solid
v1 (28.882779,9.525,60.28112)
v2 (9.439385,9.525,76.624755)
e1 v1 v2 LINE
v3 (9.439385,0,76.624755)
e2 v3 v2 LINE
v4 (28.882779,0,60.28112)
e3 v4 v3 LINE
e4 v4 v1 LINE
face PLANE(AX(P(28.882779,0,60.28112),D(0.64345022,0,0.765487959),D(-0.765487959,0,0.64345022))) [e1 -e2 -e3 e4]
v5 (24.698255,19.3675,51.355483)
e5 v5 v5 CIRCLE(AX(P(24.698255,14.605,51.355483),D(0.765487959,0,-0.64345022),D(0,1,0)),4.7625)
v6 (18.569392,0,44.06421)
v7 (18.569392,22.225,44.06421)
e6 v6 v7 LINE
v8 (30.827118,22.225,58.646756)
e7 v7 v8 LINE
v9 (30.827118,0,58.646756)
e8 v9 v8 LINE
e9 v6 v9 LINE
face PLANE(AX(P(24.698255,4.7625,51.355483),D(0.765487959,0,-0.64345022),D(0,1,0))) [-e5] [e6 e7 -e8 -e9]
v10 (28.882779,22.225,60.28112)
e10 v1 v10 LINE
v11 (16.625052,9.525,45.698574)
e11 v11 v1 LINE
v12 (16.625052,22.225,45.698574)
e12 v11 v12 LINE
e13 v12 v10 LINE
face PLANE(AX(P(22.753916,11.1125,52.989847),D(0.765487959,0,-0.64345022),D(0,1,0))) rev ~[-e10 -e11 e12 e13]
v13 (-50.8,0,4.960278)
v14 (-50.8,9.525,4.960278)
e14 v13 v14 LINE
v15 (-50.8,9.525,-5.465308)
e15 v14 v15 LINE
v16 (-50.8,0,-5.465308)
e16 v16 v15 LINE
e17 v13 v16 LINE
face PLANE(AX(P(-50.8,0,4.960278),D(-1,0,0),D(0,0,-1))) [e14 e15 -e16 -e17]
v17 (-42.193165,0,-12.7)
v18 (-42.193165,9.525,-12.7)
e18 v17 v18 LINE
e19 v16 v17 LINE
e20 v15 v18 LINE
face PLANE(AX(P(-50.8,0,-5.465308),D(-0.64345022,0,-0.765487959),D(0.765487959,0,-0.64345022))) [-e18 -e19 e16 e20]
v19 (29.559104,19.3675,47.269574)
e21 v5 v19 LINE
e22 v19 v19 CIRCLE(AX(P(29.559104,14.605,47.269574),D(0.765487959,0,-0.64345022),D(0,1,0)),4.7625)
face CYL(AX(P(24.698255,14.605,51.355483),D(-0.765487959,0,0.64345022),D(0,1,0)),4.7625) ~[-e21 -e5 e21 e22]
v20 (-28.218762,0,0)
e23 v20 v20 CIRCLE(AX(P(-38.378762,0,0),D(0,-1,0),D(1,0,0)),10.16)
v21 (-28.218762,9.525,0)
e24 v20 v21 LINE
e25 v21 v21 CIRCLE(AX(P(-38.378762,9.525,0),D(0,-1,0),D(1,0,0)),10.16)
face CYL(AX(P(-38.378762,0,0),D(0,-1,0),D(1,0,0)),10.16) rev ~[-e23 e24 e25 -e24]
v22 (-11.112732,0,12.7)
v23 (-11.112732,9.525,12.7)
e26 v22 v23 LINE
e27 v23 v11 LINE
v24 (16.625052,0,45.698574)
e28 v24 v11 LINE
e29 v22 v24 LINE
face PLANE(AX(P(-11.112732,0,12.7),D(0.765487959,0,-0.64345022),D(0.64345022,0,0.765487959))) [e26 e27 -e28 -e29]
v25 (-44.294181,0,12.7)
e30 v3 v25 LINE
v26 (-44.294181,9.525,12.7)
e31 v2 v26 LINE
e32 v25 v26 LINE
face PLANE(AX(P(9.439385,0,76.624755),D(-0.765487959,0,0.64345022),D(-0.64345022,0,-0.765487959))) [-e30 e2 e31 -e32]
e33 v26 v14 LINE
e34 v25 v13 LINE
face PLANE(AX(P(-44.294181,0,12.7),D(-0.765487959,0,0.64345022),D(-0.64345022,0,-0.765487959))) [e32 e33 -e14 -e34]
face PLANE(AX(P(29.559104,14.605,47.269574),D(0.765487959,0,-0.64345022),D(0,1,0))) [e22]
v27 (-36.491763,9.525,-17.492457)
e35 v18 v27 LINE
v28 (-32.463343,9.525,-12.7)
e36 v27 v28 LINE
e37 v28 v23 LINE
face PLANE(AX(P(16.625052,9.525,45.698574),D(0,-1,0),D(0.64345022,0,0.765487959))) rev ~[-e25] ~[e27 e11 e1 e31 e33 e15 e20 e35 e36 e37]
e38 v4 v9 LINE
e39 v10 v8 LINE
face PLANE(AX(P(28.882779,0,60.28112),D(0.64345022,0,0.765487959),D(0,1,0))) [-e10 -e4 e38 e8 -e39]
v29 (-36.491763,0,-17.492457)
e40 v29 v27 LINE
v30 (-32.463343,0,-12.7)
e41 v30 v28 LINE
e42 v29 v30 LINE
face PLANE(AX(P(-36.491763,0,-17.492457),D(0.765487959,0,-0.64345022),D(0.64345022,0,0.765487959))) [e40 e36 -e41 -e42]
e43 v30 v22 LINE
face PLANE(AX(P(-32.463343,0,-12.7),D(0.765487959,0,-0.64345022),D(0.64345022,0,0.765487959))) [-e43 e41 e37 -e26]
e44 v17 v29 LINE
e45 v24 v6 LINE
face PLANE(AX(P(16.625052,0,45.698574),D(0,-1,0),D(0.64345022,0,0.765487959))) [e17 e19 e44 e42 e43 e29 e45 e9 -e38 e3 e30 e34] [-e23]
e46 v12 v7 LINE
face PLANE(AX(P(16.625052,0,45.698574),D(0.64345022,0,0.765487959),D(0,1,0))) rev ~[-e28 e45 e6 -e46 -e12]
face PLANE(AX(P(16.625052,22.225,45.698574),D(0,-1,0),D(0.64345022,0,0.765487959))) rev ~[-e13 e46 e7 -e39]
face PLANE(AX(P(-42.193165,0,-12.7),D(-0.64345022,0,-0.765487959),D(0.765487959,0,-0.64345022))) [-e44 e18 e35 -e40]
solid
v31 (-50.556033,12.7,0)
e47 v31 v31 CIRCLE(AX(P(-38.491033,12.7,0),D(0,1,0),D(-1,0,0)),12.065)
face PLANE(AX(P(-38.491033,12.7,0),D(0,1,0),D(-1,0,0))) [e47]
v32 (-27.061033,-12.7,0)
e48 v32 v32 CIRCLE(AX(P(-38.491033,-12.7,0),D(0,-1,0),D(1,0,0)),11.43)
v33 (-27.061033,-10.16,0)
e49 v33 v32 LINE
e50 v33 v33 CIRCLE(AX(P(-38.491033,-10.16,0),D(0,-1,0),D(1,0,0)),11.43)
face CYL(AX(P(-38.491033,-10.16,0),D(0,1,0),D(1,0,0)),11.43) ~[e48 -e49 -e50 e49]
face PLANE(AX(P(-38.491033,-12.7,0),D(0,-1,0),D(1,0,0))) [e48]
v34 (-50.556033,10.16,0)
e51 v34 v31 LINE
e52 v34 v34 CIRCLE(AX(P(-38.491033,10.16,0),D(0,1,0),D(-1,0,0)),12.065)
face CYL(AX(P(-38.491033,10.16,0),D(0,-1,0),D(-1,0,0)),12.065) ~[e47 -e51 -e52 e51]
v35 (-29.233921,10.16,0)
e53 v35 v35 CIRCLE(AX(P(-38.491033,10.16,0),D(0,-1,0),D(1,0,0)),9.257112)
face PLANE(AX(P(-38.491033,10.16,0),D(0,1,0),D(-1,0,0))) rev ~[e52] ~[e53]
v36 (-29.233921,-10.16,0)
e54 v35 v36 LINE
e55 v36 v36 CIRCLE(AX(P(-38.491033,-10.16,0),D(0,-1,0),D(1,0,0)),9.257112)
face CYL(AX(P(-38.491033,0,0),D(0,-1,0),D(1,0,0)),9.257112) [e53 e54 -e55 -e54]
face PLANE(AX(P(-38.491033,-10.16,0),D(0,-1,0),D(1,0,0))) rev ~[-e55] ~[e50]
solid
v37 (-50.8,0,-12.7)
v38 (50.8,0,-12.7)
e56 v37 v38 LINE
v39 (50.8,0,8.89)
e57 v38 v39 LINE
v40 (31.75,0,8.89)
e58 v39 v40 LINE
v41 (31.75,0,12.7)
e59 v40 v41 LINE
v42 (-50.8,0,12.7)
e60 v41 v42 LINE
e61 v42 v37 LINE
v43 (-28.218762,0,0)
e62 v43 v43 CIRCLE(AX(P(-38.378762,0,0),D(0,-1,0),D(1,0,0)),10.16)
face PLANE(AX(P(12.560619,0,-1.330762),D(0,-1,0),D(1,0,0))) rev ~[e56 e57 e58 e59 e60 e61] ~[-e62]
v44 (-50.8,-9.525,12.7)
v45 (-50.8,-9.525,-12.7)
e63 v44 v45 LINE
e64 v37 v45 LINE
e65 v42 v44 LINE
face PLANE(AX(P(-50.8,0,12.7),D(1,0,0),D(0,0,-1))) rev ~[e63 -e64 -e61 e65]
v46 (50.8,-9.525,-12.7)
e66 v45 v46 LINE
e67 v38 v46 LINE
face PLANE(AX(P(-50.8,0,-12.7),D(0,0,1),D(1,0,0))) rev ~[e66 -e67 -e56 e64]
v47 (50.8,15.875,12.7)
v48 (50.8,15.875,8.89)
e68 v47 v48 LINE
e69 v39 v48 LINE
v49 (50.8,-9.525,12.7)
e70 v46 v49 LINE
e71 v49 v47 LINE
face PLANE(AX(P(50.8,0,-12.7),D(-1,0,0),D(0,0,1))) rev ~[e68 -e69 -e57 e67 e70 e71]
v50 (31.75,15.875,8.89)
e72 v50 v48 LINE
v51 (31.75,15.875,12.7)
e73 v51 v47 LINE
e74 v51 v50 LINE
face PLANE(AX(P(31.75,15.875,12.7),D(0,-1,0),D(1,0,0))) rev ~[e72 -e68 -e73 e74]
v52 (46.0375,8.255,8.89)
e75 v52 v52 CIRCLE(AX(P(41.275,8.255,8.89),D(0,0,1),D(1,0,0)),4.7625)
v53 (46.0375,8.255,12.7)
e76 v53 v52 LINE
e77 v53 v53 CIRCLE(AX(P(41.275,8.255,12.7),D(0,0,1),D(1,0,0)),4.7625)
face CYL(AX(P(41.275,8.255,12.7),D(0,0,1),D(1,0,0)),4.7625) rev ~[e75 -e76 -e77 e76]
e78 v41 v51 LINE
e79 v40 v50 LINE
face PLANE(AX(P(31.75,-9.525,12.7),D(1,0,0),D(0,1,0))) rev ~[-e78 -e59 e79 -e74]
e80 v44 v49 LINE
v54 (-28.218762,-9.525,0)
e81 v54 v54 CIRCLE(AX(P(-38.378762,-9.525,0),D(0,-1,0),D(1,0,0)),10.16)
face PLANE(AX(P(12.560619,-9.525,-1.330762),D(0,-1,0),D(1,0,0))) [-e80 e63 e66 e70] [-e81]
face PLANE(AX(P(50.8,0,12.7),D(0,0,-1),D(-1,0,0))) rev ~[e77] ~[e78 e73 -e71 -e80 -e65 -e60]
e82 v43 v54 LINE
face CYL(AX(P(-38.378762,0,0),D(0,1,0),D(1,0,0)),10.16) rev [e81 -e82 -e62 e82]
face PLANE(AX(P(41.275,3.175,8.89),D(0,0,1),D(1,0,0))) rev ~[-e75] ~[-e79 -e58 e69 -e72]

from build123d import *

# Parameters (mm, degrees)
F0_R      = 10.16
F0_R_2    = 3.4275830425
F1_DEPTH  = 9.525
F2_DEPTH  = 9.525
F3_W      = 19.05
F3_H      = 25.4
F3_R      = 4.7625
F4_DEPTH  = 3.81
F5_R      = 9.2571117711
F6_DEPTH  = 10.16
F7_R      = 12.065
F8_DEPTH  = 2.54
F9_R      = 11.43
F10_DEPTH = 2.54
F11_W     = 9.525
F11_H     = 19.05
F12_DEPTH = 2.54
F11_W_2   = 22.225
F13_DEPTH = 2.54
F14_R     = 4.7625
F15_DEPTH = 6.35


with BuildPart() as f1:
    # F0 (on Front) → F1 (new body)
    with BuildSketch(Plane.XZ):
        Polygon((-36.4917633121, -17.4924569223), (-32.4633427136, -12.7), (-42.1931648392, -12.7), align=None)
        Polygon((-11.1127317723, 12.7), (-44.2941812218, 12.7), (-50.8, 4.9602778243), (-50.8, -5.4653075214), (-42.1931648392, -12.7), (-32.4633427136, -12.7), align=None)
        with Locations((-38.3787619677, 0)):
            Circle(F0_R, mode=Mode.SUBTRACT)
        Polygon((9.4393848725, 76.6247552466), (-44.2941812218, 12.7), (-11.1127317723, 12.7), (28.882779019, 60.2811196639), align=None)
        with Locations((9.803067641, 68.4529374553)):
            Circle(F0_R_2, mode=Mode.SUBTRACT)
        with Locations((9.803067641, 68.4529374553)):
            Circle(F0_R_2)
    extrude(amount=-F1_DEPTH)

    # F11 (on face) → F12 (join)
    with BuildSketch(Plane(origin=(-12.7671757208, 0, 10.7317717179), x_dir=(0, 1, 0), z_dir=(0.7654879585, 0, -0.6434502198))):
        with Locations((4.7625, 55.2041017372)):
            Rectangle(F11_W, F11_H)
    extrude(amount=F12_DEPTH)

    # F11 (on face) → F13 (join)
    with BuildSketch(Plane(origin=(-12.7671757208, 0, 10.7317717179), x_dir=(0, 1, 0), z_dir=(0.7654879585, 0, -0.6434502198))):
        with Locations((11.1125, 55.2041017372)):
            Rectangle(F11_W_2, F11_H)
    extrude(amount=F13_DEPTH)

    # F14 (on face) → F15 (join)
    with BuildSketch(Plane(origin=(-10.8228363062, 0, 9.0974081597), x_dir=(0, 1, 0), z_dir=(0.7654879585, 0, -0.6434502198))):
        with Locations((14.605, 55.2041017372)):
            Circle(F14_R)
    extrude(amount=F15_DEPTH)


with BuildPart() as f2:
    # F0 (on Front) → F2 (new body)
    with BuildSketch(Plane.XZ):
        Polygon((50.8, 12.7), (-11.1127317723, 12.7), (-32.4633427136, -12.7), (50.8, -12.7), align=None)
        Polygon((-11.1127317723, 12.7), (-44.2941812218, 12.7), (-50.8, 4.9602778243), (-50.8, -5.4653075214), (-42.1931648392, -12.7), (-32.4633427136, -12.7), align=None)
        with Locations((-38.3787619677, 0)):
            Circle(F0_R, mode=Mode.SUBTRACT)
        Polygon((-44.2941812218, 12.7), (-50.8, 12.7), (-50.8, 4.9602778243), align=None)
        Polygon((-42.1931648392, -12.7), (-50.8, -5.4653075214), (-50.8, -12.7), align=None)
    extrude(amount=F2_DEPTH)

    # F3 (on face) → F4 (join)
    with BuildSketch(Plane.XY.offset(12.7)):
        with Locations((41.275, 3.175)):
            Rectangle(F3_W, F3_H)
        with Locations((41.275, 8.255)):
            Circle(F3_R, mode=Mode.SUBTRACT)
    extrude(amount=-F4_DEPTH)


with BuildPart() as f6:
    # F5 (on Front) → F6 (new body, symmetric)
    with BuildSketch(Plane.XZ):
        with Locations((-38.4910330176, 0)):
            Circle(F5_R)
    extrude(amount=F6_DEPTH, both=True)

    # F7 (on face) → F8 (join)
    with BuildSketch(Plane(origin=(0, 10.16, 0), x_dir=(-1, 0, 0), z_dir=(0, 1, 0))):
        with Locations((38.4910330176, 0)):
            Circle(F7_R)
    extrude(amount=F8_DEPTH)

    # F9 (on face) → F10 (join)
    with BuildSketch(Plane.XZ.offset(10.16)):
        with Locations((-38.4910330176, 0)):
            Circle(F9_R)
    extrude(amount=F10_DEPTH)


solid = Compound([f1.part, f2.part, f6.part])
